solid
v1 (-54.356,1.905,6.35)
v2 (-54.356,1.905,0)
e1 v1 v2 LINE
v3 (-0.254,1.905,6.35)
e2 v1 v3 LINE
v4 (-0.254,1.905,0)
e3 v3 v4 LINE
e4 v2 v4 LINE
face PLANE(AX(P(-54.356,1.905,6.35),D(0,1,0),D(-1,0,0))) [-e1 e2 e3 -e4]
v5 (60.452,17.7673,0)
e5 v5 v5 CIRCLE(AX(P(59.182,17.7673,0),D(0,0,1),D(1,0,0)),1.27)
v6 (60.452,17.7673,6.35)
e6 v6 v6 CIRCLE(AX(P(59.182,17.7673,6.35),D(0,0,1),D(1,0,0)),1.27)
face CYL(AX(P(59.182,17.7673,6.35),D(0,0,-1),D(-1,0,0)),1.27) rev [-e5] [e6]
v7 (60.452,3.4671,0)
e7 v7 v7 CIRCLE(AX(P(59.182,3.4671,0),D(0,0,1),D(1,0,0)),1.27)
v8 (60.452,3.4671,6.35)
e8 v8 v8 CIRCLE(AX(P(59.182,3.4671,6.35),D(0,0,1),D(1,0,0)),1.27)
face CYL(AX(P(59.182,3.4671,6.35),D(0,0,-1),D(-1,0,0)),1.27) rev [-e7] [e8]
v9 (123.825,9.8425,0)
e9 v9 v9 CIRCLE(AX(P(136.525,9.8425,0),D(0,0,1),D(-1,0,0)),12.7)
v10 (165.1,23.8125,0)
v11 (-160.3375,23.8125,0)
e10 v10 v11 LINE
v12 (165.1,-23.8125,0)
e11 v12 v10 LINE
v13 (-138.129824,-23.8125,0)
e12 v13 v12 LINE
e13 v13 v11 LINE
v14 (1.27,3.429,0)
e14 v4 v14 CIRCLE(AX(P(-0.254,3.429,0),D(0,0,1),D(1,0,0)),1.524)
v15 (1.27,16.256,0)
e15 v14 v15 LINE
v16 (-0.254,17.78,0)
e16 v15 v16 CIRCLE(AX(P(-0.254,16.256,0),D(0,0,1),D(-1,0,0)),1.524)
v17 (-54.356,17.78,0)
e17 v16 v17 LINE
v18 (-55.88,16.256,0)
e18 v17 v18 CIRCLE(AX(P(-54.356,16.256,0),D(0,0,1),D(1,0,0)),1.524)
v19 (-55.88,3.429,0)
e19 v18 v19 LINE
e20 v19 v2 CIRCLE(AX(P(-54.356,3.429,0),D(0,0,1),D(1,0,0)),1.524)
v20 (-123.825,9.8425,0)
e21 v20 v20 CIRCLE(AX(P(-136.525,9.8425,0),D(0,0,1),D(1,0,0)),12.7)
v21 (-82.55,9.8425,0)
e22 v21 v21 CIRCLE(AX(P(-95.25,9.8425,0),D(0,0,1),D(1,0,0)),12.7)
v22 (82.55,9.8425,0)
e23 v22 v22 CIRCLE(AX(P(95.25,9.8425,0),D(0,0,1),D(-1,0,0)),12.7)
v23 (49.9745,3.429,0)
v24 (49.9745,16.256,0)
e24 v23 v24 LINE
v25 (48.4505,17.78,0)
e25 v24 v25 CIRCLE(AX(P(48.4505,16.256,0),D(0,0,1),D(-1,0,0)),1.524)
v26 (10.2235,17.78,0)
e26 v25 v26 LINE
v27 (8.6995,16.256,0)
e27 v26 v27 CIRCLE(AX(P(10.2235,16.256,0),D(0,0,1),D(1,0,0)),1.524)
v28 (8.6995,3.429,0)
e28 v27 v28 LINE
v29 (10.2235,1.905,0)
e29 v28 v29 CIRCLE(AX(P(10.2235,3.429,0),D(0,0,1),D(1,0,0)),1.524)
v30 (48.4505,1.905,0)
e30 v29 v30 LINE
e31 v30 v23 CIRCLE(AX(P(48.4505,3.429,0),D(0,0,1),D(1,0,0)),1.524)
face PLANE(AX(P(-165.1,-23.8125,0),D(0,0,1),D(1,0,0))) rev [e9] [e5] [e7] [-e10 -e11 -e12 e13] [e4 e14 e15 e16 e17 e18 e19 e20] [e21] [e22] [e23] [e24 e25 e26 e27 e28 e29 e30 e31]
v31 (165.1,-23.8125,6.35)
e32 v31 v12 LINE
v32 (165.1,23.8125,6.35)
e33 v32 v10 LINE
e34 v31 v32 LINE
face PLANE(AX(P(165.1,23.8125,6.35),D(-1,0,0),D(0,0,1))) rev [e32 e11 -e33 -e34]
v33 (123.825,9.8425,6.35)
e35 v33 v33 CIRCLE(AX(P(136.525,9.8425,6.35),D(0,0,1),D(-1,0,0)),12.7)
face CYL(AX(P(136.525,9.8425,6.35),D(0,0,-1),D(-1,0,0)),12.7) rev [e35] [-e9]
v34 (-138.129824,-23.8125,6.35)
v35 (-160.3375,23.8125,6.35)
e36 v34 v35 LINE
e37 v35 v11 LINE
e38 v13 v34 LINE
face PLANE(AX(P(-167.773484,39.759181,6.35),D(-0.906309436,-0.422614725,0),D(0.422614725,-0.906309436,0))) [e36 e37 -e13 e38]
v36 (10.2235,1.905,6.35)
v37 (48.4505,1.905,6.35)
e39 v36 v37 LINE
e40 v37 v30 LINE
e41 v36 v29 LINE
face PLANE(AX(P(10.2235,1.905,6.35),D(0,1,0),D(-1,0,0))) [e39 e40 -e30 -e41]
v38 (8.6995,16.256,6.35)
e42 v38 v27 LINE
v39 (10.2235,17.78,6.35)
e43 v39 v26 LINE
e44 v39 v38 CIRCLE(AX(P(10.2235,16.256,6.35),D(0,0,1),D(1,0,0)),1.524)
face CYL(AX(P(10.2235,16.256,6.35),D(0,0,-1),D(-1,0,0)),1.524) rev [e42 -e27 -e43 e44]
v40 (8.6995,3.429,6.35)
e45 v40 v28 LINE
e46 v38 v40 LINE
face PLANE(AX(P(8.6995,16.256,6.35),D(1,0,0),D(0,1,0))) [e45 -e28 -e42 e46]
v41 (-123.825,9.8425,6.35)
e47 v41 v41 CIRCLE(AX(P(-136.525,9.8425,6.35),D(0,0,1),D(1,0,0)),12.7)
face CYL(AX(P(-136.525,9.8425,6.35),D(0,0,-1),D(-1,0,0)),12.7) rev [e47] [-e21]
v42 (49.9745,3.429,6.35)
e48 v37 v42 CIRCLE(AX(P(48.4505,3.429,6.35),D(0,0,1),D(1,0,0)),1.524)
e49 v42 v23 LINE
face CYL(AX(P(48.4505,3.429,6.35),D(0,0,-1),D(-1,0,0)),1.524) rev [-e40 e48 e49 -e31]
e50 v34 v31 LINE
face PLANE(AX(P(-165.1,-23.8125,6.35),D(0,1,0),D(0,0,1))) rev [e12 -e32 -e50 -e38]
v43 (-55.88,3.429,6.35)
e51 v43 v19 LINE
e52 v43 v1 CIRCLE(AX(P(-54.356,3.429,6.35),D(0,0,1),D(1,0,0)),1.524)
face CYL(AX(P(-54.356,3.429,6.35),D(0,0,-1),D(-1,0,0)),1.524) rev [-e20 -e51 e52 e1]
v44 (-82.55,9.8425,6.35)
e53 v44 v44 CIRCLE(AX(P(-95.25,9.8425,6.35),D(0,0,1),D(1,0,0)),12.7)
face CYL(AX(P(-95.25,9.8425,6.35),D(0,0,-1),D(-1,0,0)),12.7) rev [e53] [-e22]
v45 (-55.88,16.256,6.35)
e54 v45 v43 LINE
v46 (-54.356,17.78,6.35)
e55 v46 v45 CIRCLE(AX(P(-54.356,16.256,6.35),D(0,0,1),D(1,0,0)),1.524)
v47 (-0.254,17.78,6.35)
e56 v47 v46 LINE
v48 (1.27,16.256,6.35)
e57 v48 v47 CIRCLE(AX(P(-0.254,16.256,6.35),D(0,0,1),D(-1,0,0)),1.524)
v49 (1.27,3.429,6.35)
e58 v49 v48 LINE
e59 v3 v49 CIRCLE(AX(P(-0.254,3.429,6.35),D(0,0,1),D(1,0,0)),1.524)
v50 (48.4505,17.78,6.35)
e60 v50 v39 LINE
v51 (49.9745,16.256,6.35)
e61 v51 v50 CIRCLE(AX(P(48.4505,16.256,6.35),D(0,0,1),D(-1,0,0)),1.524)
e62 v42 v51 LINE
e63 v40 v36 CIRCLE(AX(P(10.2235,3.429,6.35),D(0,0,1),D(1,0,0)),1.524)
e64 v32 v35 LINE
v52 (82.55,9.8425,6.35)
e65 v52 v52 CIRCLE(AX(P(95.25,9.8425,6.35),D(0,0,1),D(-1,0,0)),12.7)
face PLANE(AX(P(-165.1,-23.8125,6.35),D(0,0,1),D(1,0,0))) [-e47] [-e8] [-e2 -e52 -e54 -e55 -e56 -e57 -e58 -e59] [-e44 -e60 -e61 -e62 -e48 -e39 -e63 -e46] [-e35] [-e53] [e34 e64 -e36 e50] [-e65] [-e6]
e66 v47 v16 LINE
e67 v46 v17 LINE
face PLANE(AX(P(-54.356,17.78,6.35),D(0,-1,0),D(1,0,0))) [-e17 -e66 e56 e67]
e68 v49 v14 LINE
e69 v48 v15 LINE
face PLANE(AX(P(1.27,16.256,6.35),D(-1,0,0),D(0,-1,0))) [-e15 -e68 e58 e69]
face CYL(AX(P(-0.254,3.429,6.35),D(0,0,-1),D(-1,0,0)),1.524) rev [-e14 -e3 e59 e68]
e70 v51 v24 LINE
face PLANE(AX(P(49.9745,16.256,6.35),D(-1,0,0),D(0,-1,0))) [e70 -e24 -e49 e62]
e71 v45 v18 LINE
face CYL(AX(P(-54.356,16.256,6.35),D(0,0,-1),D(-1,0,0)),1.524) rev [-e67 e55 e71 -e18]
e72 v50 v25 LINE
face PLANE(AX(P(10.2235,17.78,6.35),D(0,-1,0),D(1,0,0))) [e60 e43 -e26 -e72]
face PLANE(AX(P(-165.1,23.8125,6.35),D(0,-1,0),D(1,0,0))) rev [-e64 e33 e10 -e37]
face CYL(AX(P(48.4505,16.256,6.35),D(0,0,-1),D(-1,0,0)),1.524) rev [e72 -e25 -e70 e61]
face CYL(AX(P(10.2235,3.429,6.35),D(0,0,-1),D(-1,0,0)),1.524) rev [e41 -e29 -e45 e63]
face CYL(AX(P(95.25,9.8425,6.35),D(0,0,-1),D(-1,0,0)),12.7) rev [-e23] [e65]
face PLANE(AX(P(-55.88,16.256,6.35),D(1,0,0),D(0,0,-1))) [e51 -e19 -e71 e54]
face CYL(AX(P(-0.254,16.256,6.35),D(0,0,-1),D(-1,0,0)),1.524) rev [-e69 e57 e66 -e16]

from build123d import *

# Parameters (mm, degrees)
SKETCH1_W          = 330.2
SKETCH1_H          = 47.625
SKETCH1_R          = 12.7
SKETCH1_R_2        = 1.27
EXTRUDE1_DEPTH     = 6.35
CUT_EXTRUDE1_DEPTH = 167.929229484


with BuildPart() as part:
    # Sketch1 → Extrude1 (new body)
    with BuildSketch(Plane.XY):
        Rectangle(SKETCH1_W, SKETCH1_H)
        with Locations((-136.525, 9.8425)):
            Circle(SKETCH1_R, mode=Mode.SUBTRACT)
        with Locations((-95.25, 9.8425)):
            Circle(SKETCH1_R, mode=Mode.SUBTRACT)
        with Locations(Location((95.25, 9.8425, 0), (0, 0, 180))):
            Circle(SKETCH1_R, mode=Mode.SUBTRACT)
        with Locations(Location((136.525, 9.8425, 0), (0, 0, 180))):
            Circle(SKETCH1_R, mode=Mode.SUBTRACT)
        with Locations((59.182, 17.7673)):
            Circle(SKETCH1_R_2, mode=Mode.SUBTRACT)
        with Locations((59.182, 3.4671)):
            Circle(SKETCH1_R_2, mode=Mode.SUBTRACT)
        with BuildLine():
            Line((-54.356, 17.78), (-0.254, 17.78))
            ThreePointArc((-0.254, 17.78), (0.823630735, 17.333630735), (1.27, 16.256))
            Line((1.27, 16.256), (1.27, 3.429))
            ThreePointArc((1.27, 3.429), (0.823630735, 2.351369265), (-0.254, 1.905))
            Line((-0.254, 1.905), (-54.356, 1.905))
            ThreePointArc((-54.356, 1.905), (-55.433630735, 2.351369265), (-55.88, 3.429))
            Line((-55.88, 3.429), (-55.88, 16.256))
            ThreePointArc((-55.88, 16.256), (-55.433630735, 17.333630735), (-54.356, 17.78))
        make_face(mode=Mode.SUBTRACT)
        with BuildLine():
            Line((10.2235, 17.78), (48.4505, 17.78))
            ThreePointArc((48.4505, 17.78), (49.528130735, 17.333630735), (49.9745, 16.256))
            Line((49.9745, 16.256), (49.9745, 3.429))
            ThreePointArc((49.9745, 3.429), (49.528130735, 2.351369265), (48.4505, 1.905))
            Line((48.4505, 1.905), (10.2235, 1.905))
            ThreePointArc((10.2235, 1.905), (9.145869265, 2.351369265), (8.6995, 3.429))
            Line((8.6995, 3.429), (8.6995, 16.256))
            ThreePointArc((8.6995, 16.256), (9.145869265, 17.333630735), (10.2235, 17.78))
        make_face(mode=Mode.SUBTRACT)
    extrude(amount=EXTRUDE1_DEPTH)

    # Sketch2 → Cut-Extrude1 (cut, through all)
    with BuildSketch(Plane.XY):
        Polygon((-167.77348356, 39.759180653), (-167.77348356, -38.14883308), (-131.444750208, -38.14883308), align=None)
    extrude(amount=CUT_EXTRUDE1_DEPTH, mode=Mode.SUBTRACT)


solid = part.part
